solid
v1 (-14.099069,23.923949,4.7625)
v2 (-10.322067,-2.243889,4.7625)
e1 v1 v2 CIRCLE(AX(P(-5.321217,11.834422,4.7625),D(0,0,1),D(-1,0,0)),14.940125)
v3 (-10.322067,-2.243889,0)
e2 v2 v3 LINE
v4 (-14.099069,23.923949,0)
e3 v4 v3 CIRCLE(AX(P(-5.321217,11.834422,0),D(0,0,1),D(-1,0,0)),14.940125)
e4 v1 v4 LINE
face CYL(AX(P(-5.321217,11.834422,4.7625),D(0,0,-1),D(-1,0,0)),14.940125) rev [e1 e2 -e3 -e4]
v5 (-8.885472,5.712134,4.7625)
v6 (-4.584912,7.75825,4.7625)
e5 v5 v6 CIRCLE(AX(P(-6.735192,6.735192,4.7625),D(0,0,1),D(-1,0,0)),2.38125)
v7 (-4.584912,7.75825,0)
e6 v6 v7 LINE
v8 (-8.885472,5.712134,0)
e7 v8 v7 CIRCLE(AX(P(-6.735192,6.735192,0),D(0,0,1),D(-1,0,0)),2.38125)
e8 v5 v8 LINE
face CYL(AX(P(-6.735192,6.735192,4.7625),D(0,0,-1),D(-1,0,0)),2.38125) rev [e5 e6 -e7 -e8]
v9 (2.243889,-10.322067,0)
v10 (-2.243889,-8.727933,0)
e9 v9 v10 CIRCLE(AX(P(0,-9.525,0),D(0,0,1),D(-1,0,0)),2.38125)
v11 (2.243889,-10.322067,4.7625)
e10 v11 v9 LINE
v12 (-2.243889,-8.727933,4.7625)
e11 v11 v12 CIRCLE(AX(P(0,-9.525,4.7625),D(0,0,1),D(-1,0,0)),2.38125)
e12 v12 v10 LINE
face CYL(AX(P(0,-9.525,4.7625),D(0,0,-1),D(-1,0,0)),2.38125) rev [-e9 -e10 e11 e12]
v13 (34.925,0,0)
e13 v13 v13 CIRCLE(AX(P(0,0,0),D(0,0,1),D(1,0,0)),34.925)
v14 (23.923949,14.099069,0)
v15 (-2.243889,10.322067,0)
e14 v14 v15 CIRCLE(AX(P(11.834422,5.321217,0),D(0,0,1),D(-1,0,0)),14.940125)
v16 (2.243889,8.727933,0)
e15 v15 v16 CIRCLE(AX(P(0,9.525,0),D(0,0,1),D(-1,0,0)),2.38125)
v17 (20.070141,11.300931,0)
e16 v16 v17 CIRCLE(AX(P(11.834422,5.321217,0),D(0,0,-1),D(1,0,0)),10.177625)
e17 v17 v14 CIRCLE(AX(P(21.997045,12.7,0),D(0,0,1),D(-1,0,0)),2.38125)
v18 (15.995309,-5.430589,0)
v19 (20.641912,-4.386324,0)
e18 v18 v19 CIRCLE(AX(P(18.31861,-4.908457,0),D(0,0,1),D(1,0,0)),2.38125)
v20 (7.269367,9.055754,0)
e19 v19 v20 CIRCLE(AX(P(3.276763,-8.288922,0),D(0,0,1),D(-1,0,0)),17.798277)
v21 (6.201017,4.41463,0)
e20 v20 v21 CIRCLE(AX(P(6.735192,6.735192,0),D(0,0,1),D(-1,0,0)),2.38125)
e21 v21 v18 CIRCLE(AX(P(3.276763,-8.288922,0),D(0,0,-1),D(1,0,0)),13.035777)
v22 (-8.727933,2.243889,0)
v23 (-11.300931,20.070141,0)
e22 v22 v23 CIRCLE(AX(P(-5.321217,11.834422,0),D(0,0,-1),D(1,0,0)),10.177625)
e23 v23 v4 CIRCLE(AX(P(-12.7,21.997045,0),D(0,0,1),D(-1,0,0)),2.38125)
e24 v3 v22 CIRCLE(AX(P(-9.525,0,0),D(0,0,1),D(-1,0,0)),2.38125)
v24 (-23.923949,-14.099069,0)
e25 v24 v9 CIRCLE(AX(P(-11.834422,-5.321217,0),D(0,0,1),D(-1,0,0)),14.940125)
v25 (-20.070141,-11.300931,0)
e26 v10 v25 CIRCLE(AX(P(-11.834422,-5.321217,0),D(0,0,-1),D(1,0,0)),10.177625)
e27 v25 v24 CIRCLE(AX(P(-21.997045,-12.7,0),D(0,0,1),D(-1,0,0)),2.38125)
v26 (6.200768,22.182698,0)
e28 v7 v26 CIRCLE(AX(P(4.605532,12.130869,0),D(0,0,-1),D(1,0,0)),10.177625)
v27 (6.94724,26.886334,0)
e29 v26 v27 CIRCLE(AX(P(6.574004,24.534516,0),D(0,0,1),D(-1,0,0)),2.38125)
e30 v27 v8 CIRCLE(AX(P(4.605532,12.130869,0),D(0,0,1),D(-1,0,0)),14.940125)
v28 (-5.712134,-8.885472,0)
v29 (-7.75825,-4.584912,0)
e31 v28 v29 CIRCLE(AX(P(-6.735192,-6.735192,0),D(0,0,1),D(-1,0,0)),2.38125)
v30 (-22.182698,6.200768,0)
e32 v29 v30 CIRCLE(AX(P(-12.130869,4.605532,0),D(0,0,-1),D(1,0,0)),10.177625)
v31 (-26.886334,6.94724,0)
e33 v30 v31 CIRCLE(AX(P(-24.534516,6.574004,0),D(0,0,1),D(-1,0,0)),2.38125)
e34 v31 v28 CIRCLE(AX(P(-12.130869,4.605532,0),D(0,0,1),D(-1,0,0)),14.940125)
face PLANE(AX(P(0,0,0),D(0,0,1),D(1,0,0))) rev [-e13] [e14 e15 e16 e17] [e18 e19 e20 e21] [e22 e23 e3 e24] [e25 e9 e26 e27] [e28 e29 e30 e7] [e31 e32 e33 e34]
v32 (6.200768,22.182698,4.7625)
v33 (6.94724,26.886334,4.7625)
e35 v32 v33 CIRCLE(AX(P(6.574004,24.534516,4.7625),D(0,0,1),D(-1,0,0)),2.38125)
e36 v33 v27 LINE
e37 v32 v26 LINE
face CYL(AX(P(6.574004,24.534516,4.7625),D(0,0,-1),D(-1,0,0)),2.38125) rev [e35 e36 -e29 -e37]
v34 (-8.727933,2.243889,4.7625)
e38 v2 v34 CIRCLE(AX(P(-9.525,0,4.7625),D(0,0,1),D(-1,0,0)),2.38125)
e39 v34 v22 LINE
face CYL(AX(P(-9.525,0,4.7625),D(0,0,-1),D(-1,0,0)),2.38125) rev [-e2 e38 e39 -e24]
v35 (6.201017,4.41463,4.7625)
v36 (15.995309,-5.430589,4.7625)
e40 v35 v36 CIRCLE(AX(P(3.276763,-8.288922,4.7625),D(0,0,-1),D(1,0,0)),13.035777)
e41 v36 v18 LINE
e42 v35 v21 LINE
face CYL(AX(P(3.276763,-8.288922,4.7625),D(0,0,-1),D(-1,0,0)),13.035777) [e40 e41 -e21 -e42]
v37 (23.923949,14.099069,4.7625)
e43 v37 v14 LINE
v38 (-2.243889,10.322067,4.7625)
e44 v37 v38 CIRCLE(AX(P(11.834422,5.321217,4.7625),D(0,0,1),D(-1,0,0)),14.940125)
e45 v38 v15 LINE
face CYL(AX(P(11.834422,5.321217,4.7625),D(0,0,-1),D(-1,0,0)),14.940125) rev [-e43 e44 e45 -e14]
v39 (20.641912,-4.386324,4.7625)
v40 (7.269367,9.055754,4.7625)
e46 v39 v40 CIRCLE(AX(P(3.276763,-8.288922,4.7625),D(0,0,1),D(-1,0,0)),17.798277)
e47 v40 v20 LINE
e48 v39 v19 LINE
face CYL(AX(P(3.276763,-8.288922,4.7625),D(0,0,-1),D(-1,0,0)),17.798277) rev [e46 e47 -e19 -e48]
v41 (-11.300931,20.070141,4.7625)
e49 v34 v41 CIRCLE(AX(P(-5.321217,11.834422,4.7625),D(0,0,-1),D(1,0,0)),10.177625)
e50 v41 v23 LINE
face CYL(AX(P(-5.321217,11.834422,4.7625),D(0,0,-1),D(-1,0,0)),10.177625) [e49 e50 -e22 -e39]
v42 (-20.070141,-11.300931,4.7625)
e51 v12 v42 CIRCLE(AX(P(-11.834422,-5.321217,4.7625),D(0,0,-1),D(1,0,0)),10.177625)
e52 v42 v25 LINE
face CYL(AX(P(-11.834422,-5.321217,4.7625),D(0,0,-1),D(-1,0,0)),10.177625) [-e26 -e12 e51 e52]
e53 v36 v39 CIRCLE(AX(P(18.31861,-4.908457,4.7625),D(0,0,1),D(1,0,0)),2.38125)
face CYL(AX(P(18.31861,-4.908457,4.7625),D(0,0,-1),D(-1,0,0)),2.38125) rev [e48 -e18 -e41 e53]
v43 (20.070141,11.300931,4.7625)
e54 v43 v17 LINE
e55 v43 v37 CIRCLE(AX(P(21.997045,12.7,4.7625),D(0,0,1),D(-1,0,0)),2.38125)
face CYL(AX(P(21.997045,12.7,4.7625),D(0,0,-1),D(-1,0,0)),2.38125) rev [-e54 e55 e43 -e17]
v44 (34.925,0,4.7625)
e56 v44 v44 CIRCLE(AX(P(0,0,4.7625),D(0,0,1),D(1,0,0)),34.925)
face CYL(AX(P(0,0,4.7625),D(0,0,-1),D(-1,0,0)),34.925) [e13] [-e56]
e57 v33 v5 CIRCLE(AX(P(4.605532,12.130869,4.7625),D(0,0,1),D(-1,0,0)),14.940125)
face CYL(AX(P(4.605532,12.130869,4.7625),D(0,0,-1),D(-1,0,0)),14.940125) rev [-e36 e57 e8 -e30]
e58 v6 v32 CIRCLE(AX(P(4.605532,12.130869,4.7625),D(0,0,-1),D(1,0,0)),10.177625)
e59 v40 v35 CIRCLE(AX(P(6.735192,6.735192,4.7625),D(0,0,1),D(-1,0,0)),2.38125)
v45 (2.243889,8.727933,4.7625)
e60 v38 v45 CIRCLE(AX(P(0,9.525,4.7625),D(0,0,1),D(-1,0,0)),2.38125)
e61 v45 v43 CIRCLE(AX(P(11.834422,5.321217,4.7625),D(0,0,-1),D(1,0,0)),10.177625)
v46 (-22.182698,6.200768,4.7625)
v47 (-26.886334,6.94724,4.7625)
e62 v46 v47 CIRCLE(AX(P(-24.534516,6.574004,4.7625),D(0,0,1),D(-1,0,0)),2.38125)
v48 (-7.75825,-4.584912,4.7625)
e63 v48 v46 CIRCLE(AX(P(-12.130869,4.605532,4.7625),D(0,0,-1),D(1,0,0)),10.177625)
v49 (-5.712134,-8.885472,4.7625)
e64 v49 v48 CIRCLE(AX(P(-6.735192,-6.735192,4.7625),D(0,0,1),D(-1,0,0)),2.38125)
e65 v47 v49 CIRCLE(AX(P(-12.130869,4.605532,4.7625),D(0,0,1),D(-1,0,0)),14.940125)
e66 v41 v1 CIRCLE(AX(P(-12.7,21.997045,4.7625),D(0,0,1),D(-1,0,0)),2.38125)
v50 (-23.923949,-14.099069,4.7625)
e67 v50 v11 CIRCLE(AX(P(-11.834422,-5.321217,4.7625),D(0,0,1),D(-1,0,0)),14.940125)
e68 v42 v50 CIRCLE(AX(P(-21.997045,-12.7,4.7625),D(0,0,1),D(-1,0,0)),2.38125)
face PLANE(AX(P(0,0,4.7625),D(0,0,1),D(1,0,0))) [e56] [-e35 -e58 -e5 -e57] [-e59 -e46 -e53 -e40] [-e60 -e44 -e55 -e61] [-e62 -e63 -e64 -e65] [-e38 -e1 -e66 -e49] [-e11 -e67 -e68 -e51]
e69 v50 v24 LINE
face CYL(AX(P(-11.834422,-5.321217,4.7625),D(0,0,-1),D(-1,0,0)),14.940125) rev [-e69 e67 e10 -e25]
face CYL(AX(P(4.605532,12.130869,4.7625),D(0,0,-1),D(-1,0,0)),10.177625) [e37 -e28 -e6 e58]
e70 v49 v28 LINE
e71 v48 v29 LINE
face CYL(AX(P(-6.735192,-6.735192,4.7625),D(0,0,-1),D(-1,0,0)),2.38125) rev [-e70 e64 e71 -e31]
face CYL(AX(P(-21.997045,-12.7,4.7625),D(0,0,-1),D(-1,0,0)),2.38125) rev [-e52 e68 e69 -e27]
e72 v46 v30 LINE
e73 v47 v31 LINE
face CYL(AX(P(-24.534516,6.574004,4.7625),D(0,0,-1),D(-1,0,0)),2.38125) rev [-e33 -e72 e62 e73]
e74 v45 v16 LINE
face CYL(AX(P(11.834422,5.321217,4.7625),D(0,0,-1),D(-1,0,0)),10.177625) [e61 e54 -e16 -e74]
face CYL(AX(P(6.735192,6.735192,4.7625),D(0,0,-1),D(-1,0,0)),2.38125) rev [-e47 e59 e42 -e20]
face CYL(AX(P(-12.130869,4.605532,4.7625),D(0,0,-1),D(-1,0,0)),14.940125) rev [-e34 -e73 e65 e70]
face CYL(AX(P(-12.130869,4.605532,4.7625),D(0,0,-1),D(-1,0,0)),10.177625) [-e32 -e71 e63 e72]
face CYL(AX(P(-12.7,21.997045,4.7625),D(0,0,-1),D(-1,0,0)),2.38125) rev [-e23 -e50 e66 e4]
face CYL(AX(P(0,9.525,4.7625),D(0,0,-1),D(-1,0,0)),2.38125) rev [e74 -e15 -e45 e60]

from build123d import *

# Parameters (mm, degrees)
SKETCH1_R           = 34.925
BOSS_EXTRUDE1_DEPTH = 4.7625


with BuildPart() as part:
    # Sketch1 → Boss-Extrude1 (new body)
    with BuildSketch(Plane.XY):
        Circle(SKETCH1_R)
        with BuildLine():
            ThreePointArc((2.243888697, 8.727933453), (-0.797066547, 7.281111303), (-2.243888697, 10.322066547))
            ThreePointArc((-2.243888697, 10.322066547), (9.70011878, 20.108105734), (23.923949148, 14.099068603))
            ThreePointArc((23.923949148, 14.099068603), (23.396113859, 10.773096108), (20.070141364, 11.300931397))
            ThreePointArc((20.070141364, 11.300931397), (10.380475923, 15.394453179), (2.243888697, 8.727933453))
        make_face(mode=Mode.SUBTRACT)
        with BuildLine():
            ThreePointArc((2.243888697, -10.322066547), (-9.70011878, -20.108105734), (-23.923949148, -14.099068603))
            ThreePointArc((-23.923949148, -14.099068603), (-23.396113859, -10.773096108), (-20.070141364, -11.300931397))
            ThreePointArc((-20.070141364, -11.300931397), (-10.380475923, -15.394453179), (-2.243888697, -8.727933453))
            ThreePointArc((-2.243888697, -8.727933453), (0.797066547, -7.281111303), (2.243888697, -10.322066547))
        make_face(mode=Mode.SUBTRACT)
        with BuildLine():
            ThreePointArc((-5.712134337, -8.885472165), (-21.077597689, -7.359558154), (-26.886333692, 6.947239658))
            ThreePointArc((-26.886333692, 6.947239658), (-24.161280075, 8.92582145), (-22.182698283, 6.200767833))
            ThreePointArc((-22.182698283, 6.200767833), (-18.225627153, -3.545417318), (-7.758249844, -4.584912017))
            ThreePointArc((-7.758249844, -4.584912017), (-4.584912017, -5.712134337), (-5.712134337, -8.885472165))
        make_face(mode=Mode.SUBTRACT)
        with BuildLine():
            ThreePointArc((-10.322066547, -2.243888697), (-20.108105734, 9.70011878), (-14.099068603, 23.923949148))
            ThreePointArc((-14.099068603, 23.923949148), (-10.773096108, 23.396113859), (-11.300931397, 20.070141364))
            ThreePointArc((-11.300931397, 20.070141364), (-15.394453179, 10.380475923), (-8.727933453, 2.243888697))
            ThreePointArc((-8.727933453, 2.243888697), (-7.281111303, -0.797066547), (-10.322066547, -2.243888697))
        make_face(mode=Mode.SUBTRACT)
        with BuildLine():
            ThreePointArc((-8.885472165, 5.712134337), (-7.359558154, 21.077597689), (6.947239658, 26.886333692))
            ThreePointArc((6.947239658, 26.886333692), (8.92582145, 24.161280075), (6.200767833, 22.182698283))
            ThreePointArc((6.200767833, 22.182698283), (-3.545417318, 18.225627153), (-4.584912017, 7.758249844))
            ThreePointArc((-4.584912017, 7.758249844), (-5.712134337, 4.584912017), (-8.885472165, 5.712134337))
        make_face(mode=Mode.SUBTRACT)
        with BuildLine():
            ThreePointArc((6.201017431, 4.414629875), (4.414629875, 7.269366751), (7.269366751, 9.055754306))
            ThreePointArc((7.269366751, 9.055754306), (15.894637853, 4.263683482), (20.641911756, -4.386324314))
            ThreePointArc((20.641911756, -4.386324314), (18.840742957, -7.231758214), (15.995309056, -5.430589416))
            ThreePointArc((15.995309056, -5.430589416), (12.518320569, 0.90483132), (6.201017431, 4.414629875))
        make_face(mode=Mode.SUBTRACT)
    extrude(amount=BOSS_EXTRUDE1_DEPTH)


solid = part.part
